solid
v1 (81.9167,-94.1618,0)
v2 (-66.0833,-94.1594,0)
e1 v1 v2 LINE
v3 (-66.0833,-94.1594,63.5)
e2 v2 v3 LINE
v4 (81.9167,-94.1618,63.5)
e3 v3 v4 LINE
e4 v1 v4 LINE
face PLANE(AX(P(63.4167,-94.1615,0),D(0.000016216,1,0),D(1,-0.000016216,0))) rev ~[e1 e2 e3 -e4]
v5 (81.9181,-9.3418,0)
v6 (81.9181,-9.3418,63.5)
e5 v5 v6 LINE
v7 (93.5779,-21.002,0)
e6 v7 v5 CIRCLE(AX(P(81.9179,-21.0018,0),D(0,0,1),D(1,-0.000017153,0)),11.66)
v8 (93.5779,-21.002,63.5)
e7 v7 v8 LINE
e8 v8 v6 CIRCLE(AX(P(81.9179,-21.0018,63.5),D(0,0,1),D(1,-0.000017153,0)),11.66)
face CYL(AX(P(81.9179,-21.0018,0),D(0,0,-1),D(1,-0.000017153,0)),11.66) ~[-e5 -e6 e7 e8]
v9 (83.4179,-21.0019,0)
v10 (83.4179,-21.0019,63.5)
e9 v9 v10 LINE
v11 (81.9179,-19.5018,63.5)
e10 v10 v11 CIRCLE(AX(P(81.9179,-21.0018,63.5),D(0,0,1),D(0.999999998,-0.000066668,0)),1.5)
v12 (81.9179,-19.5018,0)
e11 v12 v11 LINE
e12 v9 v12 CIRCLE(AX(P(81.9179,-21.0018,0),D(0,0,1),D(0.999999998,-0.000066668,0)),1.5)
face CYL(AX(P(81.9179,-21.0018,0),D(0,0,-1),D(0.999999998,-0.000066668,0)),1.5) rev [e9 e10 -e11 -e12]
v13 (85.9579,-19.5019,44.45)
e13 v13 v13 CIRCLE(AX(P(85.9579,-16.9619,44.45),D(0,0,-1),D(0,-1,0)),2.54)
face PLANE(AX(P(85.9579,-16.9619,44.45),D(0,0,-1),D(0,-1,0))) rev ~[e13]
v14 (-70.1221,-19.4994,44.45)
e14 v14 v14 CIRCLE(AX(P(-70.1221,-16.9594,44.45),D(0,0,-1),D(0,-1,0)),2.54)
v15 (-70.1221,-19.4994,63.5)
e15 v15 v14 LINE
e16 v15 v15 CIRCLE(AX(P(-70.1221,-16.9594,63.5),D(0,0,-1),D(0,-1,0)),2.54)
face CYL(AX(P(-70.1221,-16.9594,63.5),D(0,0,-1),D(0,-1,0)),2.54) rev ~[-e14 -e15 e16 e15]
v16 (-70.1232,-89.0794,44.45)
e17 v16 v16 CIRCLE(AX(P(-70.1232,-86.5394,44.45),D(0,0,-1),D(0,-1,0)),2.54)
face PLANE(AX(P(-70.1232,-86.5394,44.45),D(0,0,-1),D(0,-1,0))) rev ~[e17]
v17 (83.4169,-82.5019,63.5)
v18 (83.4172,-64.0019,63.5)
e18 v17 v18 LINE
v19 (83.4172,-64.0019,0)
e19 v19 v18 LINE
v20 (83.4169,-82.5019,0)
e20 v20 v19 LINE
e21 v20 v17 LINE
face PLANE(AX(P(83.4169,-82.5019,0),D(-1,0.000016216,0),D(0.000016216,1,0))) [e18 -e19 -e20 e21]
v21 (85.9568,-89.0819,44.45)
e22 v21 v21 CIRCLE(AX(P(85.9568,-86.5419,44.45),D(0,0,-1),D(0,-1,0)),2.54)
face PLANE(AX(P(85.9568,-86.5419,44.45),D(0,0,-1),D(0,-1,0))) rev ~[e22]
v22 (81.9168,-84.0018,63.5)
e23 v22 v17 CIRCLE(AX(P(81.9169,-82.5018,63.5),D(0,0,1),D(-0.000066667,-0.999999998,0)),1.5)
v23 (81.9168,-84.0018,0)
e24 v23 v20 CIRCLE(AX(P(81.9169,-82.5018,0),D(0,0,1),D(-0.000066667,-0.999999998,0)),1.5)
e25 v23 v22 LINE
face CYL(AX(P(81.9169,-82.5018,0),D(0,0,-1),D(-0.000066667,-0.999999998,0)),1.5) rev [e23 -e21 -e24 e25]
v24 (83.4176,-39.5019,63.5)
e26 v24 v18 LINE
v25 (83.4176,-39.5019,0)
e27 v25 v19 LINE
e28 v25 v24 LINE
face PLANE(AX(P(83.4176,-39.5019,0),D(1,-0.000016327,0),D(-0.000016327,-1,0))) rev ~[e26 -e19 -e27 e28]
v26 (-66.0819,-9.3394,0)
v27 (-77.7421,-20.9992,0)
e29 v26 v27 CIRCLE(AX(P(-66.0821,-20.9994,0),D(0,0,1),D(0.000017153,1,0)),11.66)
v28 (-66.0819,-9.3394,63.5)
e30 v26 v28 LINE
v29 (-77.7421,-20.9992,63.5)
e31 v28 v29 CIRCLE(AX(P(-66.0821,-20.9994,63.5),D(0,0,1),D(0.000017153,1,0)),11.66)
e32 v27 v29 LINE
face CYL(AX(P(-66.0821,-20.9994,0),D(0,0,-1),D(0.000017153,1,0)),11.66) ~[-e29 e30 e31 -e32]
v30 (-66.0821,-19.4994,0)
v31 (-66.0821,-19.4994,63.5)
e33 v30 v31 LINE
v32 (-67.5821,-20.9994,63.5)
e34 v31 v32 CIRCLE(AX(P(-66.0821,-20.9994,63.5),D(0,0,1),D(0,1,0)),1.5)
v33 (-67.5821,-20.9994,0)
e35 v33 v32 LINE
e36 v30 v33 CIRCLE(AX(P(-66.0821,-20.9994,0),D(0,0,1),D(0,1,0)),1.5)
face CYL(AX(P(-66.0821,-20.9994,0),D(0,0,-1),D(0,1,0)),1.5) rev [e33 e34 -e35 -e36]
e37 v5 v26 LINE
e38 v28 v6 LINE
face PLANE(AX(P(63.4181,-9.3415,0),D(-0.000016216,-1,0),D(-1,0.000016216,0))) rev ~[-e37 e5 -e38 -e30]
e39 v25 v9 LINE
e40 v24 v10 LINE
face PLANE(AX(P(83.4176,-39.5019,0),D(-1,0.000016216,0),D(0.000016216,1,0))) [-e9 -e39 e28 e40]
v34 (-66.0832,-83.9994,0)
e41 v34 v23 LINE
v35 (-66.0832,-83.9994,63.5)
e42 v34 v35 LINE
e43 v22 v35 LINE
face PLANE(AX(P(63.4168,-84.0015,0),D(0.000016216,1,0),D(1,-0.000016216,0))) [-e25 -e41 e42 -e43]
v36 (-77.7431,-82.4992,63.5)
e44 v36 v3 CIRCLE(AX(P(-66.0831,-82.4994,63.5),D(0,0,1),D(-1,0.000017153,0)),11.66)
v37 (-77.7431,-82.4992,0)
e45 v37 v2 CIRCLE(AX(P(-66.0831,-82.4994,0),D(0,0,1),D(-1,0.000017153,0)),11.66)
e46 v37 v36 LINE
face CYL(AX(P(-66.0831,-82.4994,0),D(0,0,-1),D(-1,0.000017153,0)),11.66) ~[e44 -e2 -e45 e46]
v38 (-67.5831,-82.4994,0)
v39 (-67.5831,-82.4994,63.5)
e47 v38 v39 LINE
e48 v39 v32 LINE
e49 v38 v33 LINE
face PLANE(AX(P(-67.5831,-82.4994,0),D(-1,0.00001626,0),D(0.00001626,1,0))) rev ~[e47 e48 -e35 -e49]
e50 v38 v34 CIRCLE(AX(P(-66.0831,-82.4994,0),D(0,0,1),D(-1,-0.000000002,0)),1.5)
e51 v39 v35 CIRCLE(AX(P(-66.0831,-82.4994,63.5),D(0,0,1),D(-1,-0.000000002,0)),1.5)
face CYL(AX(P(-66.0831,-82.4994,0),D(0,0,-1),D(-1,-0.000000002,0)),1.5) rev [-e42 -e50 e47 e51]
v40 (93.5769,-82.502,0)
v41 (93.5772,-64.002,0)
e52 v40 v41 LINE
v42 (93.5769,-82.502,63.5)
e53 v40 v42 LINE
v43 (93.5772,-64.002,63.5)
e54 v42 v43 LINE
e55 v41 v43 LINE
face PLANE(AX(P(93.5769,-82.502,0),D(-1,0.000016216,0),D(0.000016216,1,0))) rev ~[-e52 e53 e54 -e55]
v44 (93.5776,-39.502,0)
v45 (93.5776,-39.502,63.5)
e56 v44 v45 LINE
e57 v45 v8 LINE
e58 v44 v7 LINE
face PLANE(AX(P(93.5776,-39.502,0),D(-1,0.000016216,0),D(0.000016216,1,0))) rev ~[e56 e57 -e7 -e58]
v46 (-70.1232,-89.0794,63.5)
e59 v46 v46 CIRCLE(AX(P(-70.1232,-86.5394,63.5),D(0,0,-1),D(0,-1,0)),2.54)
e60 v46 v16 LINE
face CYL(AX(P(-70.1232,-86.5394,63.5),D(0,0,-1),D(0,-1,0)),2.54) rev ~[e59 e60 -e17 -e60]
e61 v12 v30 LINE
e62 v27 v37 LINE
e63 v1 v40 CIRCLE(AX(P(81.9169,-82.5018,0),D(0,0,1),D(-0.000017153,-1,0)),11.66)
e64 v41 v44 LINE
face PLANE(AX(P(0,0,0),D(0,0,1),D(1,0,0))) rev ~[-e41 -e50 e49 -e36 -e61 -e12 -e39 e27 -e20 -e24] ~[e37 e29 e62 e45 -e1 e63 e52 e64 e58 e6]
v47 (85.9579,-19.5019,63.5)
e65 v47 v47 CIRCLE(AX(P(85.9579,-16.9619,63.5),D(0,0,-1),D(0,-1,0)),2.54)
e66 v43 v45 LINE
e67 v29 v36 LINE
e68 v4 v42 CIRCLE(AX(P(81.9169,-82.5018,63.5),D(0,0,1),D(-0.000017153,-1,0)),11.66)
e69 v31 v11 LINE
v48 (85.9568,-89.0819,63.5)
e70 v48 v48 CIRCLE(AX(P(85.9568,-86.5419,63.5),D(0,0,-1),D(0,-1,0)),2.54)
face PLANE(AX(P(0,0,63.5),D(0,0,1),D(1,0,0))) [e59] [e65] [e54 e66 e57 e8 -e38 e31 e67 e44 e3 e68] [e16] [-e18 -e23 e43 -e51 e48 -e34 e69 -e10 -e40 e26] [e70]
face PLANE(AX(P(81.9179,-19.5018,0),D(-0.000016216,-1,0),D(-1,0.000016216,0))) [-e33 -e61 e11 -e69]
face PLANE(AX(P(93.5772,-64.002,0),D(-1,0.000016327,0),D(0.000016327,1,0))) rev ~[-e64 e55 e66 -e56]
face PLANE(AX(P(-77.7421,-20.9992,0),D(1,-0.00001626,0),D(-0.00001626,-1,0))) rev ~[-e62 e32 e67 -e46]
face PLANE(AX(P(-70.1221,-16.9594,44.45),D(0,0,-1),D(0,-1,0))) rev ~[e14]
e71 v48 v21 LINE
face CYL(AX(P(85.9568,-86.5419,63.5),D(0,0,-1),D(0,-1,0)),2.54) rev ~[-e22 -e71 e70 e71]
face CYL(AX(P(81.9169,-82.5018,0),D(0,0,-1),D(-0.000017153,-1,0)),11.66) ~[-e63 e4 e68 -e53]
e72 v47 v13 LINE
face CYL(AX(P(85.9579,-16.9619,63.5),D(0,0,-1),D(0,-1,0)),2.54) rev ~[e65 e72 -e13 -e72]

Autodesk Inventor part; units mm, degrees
ref_plane "YZ Plane" through (0, 0, 0) normal (1, 0, 0) x (0, 1, 0)
ref_plane "XZ Plane" through (0, 0, 0) normal (0, 1, 0) x (-1, 0, 0)
ref_plane "XY Plane" through (0, 0, 0) normal (0, 0, 1) x (1, 0, 0)
sketch "Sketch1" plane through (0, 0, 0) normal (0, 0, 1) x (1, 0, 0)
  line L0 (63.4168, -84.0015) -> (-66.0832, -83.9994) projected
  line L1 (63.4168, -84.0015) -> (81.9168, -84.0018) projected
  line L2 (-67.5831, -82.4994) -> (-67.5821, -20.9994) projected
  arc A0 (-67.5831, -82.4994) -> (-66.0832, -83.9994) centre (-66.0831, -82.4994) ccw projected
  arc A1 (-66.0821, -19.4994) -> (-67.5821, -20.9994) centre (-66.0821, -20.9994) ccw projected
  line L3 (-66.0821, -19.4994) -> (63.4179, -19.5015) projected
  line L4 (64.1679, -20.2516) -> (81.9179, -20.2518) projected
  line L5 (81.9179, -19.5018) -> (63.4179, -19.5015) projected
  arc A2 (83.4179, -21.0019) -> (81.9179, -19.5018) centre (81.9179, -21.0018) ccw projected
  line L6 (83.4176, -39.5019) -> (83.4179, -21.0019) projected
  line L7 (83.4176, -39.5019) -> (83.4172, -64.0019) projected
  line L8 (83.4169, -82.5019) -> (83.4172, -64.0019) projected
  arc A3 (81.9168, -84.0018) -> (83.4169, -82.5019) centre (81.9169, -82.5018) ccw projected
  line L9 (-77.7421, -20.9992) -> (-77.7431, -82.4992)
  arc A4 (-77.7431, -82.4992) -> (-66.0833, -94.1594) centre (-66.0831, -82.4994) ccw
  line L10 (-66.0833, -94.1594) -> (63.4167, -94.1615)
  line L11 (63.4167, -94.1615) -> (81.9167, -94.1618)
  arc A5 (81.9167, -94.1618) -> (93.5769, -82.502) centre (81.9169, -82.5018) ccw
  line L12 (93.5769, -82.502) -> (93.5772, -64.002)
  line L13 (93.5772, -64.002) -> (93.5776, -39.502)
  line L14 (93.5776, -39.502) -> (93.5779, -21.002)
  arc A6 (93.5779, -21.002) -> (81.9181, -9.3418) centre (81.9179, -21.0018) ccw
  line L15 (81.9181, -9.3418) -> (63.4181, -9.3415)
  line L16 (63.4181, -9.3415) -> (-66.0819, -9.3394)
  arc A7 (-66.0819, -9.3394) -> (-77.7421, -20.9992) centre (-66.0821, -20.9994) ccw
  point P0 (0, 0)
  dimension "d0" = 10.16
extrude "Extrusion1" add sketch "Sketch1" along normal blind 63.5
sketch "Sketch2" plane through (0, 0, 63.5) normal (0, 0, 1) x (1, 0, 0)
  circle A0 centre (-70.1221, -16.9594) radius 2.54 projected
  circle A1 centre (85.9579, -16.9619) radius 2.54 projected
  circle A2 centre (85.9568, -86.5419) radius 2.54 projected
  circle A3 centre (-70.1232, -86.5394) radius 2.54 projected
  point P0 (0, 0)
hole "Hole1" at (-70.1221, -16.9594, 63.5) at (-70.1232, -86.5394, 63.5) at (85.9579, -16.9619, 63.5) at (85.9568, -86.5419, 63.5) direction (0, 0, -1) diameter 5.08 depth 19.05
properties part number "battery hold"
